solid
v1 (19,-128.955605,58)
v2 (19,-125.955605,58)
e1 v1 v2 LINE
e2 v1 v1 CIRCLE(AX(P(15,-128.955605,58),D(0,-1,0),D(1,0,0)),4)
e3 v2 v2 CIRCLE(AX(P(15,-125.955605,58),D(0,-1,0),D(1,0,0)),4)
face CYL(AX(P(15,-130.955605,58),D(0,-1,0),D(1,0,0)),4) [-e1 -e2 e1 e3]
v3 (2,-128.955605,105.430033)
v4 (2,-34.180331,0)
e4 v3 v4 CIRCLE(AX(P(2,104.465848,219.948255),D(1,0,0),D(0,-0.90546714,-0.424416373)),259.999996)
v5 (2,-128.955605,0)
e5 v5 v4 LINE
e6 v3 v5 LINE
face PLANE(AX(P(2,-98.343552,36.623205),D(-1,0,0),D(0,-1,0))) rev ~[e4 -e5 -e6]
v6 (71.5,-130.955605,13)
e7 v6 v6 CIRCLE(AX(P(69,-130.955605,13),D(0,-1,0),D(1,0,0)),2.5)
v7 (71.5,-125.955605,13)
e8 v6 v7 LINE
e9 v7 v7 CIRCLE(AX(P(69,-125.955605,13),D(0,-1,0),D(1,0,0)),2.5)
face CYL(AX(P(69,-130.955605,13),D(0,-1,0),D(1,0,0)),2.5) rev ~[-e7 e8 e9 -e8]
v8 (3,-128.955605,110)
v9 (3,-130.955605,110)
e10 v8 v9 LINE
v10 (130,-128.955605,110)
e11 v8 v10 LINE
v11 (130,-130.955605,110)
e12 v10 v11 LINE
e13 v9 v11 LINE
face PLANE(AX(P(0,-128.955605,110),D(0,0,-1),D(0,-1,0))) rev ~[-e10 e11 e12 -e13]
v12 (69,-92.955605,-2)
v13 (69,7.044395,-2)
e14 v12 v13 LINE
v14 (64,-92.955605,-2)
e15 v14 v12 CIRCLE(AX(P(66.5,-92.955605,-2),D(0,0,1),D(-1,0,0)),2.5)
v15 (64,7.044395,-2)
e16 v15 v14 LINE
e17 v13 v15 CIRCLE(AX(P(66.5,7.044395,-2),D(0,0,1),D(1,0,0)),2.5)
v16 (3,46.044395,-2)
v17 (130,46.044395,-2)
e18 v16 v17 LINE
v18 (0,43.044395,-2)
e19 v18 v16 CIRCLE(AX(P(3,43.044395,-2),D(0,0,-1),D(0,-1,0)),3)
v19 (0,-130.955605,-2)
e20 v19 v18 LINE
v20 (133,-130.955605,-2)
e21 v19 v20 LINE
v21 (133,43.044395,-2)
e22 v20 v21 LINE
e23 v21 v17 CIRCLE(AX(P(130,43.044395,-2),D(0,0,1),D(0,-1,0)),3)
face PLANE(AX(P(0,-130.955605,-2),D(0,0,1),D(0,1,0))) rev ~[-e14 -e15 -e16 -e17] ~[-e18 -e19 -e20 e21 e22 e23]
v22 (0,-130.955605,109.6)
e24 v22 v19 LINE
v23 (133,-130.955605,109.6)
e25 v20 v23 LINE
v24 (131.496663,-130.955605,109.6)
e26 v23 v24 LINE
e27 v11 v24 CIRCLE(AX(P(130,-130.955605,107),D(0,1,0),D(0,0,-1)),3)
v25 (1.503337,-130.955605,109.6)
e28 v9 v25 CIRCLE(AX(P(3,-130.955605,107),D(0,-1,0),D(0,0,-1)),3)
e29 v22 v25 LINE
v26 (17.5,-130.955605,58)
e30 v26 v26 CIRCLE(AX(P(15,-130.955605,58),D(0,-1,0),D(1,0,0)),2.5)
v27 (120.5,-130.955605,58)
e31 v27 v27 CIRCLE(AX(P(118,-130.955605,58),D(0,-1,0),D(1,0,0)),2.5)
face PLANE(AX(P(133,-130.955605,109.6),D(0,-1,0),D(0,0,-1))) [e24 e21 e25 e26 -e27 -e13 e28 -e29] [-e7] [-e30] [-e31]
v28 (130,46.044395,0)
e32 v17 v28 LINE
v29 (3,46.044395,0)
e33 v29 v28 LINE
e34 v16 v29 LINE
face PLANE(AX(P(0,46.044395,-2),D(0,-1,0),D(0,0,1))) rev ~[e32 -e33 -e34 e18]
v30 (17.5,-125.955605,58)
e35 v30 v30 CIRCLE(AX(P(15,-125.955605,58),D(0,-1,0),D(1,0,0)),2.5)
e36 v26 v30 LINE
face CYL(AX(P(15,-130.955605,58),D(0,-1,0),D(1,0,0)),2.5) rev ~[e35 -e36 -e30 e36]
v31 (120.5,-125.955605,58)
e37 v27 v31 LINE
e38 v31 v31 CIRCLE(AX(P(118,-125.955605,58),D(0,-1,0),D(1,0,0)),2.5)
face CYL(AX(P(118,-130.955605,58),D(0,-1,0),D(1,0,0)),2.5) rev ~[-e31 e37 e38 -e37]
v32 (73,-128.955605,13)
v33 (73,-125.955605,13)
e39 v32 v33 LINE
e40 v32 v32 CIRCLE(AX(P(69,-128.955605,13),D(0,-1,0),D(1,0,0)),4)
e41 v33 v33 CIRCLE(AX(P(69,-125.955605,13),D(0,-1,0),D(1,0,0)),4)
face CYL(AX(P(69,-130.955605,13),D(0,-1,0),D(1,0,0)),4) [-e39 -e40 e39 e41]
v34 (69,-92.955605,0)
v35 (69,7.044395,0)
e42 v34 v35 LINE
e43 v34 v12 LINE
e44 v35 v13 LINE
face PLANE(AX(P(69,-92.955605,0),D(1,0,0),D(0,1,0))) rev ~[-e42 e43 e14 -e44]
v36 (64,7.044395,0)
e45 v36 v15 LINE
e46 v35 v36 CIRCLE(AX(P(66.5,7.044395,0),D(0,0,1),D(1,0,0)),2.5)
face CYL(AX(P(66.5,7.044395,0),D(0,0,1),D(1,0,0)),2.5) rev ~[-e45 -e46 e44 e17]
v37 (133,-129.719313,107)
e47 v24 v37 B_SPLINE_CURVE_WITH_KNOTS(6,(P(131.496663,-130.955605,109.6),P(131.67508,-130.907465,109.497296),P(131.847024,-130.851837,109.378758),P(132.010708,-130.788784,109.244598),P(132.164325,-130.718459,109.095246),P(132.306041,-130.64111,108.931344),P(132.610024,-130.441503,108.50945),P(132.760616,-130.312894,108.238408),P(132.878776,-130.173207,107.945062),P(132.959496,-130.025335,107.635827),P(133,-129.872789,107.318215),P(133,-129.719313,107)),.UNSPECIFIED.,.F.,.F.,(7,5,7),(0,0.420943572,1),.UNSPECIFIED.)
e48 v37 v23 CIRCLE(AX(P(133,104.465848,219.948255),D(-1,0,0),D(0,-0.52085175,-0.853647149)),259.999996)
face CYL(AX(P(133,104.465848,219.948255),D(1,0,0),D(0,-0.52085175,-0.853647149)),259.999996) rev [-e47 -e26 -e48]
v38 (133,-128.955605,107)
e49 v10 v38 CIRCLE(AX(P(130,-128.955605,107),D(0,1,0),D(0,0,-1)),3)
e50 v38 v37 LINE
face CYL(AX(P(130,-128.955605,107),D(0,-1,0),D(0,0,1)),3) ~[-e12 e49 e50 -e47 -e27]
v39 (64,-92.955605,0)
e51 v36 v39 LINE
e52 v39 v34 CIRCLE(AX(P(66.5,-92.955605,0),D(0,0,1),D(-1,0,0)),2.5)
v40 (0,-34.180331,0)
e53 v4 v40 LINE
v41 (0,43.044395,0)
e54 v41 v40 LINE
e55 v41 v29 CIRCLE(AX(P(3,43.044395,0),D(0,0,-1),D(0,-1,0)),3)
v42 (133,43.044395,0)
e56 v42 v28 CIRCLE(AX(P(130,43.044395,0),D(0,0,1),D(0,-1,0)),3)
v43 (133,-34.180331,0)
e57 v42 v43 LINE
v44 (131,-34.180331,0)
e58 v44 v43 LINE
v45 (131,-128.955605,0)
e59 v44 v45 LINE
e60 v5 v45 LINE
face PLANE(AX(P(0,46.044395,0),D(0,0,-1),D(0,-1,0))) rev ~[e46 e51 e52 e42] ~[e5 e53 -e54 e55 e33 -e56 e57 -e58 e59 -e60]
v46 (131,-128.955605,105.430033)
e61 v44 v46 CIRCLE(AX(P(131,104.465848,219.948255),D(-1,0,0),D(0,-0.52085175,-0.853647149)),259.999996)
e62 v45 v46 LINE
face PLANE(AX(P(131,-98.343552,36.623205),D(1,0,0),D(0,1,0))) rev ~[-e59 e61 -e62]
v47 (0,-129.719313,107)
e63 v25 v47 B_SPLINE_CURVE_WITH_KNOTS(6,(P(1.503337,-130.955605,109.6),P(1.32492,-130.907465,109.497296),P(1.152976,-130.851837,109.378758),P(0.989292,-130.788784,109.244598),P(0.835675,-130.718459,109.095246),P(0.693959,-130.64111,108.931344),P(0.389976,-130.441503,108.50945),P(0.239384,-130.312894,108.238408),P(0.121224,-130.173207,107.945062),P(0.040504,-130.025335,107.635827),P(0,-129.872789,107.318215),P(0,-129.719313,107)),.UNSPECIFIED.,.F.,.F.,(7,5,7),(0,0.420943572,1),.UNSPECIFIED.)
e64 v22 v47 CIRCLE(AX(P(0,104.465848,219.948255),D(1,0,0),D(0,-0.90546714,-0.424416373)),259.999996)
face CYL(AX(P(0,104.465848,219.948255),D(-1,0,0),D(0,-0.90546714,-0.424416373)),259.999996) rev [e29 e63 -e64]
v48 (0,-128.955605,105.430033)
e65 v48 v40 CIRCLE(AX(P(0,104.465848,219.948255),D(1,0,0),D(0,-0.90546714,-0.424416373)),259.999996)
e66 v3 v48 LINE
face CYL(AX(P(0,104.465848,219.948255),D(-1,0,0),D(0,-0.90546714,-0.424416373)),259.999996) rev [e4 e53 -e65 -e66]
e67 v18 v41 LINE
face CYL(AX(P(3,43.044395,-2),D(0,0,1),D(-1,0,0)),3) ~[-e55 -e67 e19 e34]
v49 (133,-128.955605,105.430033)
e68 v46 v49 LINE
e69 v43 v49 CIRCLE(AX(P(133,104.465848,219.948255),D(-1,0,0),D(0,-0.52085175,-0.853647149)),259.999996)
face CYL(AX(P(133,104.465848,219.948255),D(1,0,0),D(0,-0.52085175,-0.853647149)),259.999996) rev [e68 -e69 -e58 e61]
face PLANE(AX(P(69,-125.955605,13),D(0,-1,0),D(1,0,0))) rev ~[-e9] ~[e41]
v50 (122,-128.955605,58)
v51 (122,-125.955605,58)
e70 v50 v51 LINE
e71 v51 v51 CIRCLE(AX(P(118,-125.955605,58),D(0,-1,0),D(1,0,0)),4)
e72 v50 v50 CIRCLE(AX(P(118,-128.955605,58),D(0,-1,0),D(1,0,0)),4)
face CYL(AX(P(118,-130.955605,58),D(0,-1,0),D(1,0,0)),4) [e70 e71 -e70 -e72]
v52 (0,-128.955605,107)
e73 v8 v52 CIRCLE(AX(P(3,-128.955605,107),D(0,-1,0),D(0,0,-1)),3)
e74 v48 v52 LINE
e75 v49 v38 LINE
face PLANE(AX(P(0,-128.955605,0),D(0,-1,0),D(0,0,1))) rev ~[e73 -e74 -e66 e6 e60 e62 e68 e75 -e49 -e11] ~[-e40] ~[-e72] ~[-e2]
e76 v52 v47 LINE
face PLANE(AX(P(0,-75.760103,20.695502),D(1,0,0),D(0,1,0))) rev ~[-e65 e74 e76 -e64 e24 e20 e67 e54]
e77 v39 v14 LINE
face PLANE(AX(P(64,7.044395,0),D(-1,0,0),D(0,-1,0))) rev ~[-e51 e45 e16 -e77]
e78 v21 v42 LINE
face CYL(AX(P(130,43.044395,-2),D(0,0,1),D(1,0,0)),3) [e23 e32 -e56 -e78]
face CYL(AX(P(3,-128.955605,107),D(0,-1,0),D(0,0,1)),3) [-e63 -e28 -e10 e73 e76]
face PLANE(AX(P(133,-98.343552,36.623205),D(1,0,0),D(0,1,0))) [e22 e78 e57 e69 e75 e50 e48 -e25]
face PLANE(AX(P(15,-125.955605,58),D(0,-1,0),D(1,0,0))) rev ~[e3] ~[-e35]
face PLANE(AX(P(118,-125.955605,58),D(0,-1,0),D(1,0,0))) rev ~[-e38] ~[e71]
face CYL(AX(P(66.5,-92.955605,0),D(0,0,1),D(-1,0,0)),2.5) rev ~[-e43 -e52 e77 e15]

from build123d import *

# Parameters (mm, degrees)
F1_DEPTH  = 133
F2_R      = 2.5
F3_DEPTH  = 25
F4_R      = 4
F5_DEPTH  = 5
F6_DEPTH  = 25
F7_R      = 3
F9_DEPTH  = 25
F11_DEPTH = 2
F13_DEPTH = 2


with BuildPart() as f1:
    # F0 (on Right) → F1 (new body)
    with BuildSketch(Plane.YZ):
        Polygon((-128.955605, 0), (-128.955605, 110), (-130.955605, 110), (-130.955605, 0), (-130.955605, -2), (46.044395, -2), (46.044395, 0), align=None)
    extrude(amount=F1_DEPTH)

    # F2 (on face) → F3 (cut)
    with BuildSketch(Plane.XZ.offset(130.955605)):
        with Locations((69, 13)):
            Circle(F2_R)
        with Locations((15, 58)):
            Circle(F2_R)
        with Locations((118, 58)):
            Circle(F2_R)
    extrude(amount=-F3_DEPTH, mode=Mode.SUBTRACT)

    # F4 (on face) → F5 (join)
    with BuildSketch(Plane.XZ.offset(130.955605)):
        with Locations((15, 58)):
            Circle(F4_R)
        with Locations((69, 13)):
            Circle(F4_R)
        with Locations((118, 58)):
            Circle(F4_R)
    extrude(amount=-F5_DEPTH)

    # F2 (on face) → F6 (cut)
    with BuildSketch(Plane.XZ.offset(130.955605)):
        with Locations((69, 13)):
            Circle(F2_R)
        with Locations((15, 58)):
            Circle(F2_R)
        with Locations((118, 58)):
            Circle(F2_R)
    extrude(amount=-F6_DEPTH, mode=Mode.SUBTRACT)

    # F7
    f7_edges = [f1.edges().sort_by_distance(p)[0] for p in [
        (0, -129.955605, 110),
        (133, -129.955605, 110),
        (133, 46.044395, -1),
        (0, 46.044395, -1),
    ]]
    fillet(f7_edges, radius=F7_R)

    # F8 (on face) → F9 (cut)
    with BuildSketch(Plane.XY):
        with BuildLine():
            Line((64, 7.044395), (64, -92.955605))
            ThreePointArc((64, -92.955605), (66.5, -95.455605), (69, -92.955605))
            Line((69, -92.955605), (69, 7.044395))
            ThreePointArc((69, 7.044395), (66.5, 9.544395), (64, 7.044395))
        make_face()
    extrude(amount=-F9_DEPTH, mode=Mode.SUBTRACT)

    # F10 (on face) → F11 (join)
    with BuildSketch(Plane.YZ.offset(133)):
        with BuildLine():
            Line((-130.955605, 109.6), (-130.955605, -2))
            Line((-130.955605, -2), (-30.955605, -2))
            ThreePointArc((-30.955605, -2), (-89.169777, 46.439631), (-130.955605, 109.6))
        make_face()
    extrude(amount=-F11_DEPTH)

    # F12 (on face) → F13 (join)
    with BuildSketch(Plane(origin=(0, 0, 0), x_dir=(0, -1, 0), z_dir=(-1, 0, 0))):
        with BuildLine():
            Line((30.955605, -2), (130.955605, -2))
            Line((130.955605, -2), (130.955605, 109.6))
            ThreePointArc((130.955605, 109.6), (89.169777, 46.439631), (30.955605, -2))
        make_face()
    extrude(amount=-F13_DEPTH)


solid = f1.part
